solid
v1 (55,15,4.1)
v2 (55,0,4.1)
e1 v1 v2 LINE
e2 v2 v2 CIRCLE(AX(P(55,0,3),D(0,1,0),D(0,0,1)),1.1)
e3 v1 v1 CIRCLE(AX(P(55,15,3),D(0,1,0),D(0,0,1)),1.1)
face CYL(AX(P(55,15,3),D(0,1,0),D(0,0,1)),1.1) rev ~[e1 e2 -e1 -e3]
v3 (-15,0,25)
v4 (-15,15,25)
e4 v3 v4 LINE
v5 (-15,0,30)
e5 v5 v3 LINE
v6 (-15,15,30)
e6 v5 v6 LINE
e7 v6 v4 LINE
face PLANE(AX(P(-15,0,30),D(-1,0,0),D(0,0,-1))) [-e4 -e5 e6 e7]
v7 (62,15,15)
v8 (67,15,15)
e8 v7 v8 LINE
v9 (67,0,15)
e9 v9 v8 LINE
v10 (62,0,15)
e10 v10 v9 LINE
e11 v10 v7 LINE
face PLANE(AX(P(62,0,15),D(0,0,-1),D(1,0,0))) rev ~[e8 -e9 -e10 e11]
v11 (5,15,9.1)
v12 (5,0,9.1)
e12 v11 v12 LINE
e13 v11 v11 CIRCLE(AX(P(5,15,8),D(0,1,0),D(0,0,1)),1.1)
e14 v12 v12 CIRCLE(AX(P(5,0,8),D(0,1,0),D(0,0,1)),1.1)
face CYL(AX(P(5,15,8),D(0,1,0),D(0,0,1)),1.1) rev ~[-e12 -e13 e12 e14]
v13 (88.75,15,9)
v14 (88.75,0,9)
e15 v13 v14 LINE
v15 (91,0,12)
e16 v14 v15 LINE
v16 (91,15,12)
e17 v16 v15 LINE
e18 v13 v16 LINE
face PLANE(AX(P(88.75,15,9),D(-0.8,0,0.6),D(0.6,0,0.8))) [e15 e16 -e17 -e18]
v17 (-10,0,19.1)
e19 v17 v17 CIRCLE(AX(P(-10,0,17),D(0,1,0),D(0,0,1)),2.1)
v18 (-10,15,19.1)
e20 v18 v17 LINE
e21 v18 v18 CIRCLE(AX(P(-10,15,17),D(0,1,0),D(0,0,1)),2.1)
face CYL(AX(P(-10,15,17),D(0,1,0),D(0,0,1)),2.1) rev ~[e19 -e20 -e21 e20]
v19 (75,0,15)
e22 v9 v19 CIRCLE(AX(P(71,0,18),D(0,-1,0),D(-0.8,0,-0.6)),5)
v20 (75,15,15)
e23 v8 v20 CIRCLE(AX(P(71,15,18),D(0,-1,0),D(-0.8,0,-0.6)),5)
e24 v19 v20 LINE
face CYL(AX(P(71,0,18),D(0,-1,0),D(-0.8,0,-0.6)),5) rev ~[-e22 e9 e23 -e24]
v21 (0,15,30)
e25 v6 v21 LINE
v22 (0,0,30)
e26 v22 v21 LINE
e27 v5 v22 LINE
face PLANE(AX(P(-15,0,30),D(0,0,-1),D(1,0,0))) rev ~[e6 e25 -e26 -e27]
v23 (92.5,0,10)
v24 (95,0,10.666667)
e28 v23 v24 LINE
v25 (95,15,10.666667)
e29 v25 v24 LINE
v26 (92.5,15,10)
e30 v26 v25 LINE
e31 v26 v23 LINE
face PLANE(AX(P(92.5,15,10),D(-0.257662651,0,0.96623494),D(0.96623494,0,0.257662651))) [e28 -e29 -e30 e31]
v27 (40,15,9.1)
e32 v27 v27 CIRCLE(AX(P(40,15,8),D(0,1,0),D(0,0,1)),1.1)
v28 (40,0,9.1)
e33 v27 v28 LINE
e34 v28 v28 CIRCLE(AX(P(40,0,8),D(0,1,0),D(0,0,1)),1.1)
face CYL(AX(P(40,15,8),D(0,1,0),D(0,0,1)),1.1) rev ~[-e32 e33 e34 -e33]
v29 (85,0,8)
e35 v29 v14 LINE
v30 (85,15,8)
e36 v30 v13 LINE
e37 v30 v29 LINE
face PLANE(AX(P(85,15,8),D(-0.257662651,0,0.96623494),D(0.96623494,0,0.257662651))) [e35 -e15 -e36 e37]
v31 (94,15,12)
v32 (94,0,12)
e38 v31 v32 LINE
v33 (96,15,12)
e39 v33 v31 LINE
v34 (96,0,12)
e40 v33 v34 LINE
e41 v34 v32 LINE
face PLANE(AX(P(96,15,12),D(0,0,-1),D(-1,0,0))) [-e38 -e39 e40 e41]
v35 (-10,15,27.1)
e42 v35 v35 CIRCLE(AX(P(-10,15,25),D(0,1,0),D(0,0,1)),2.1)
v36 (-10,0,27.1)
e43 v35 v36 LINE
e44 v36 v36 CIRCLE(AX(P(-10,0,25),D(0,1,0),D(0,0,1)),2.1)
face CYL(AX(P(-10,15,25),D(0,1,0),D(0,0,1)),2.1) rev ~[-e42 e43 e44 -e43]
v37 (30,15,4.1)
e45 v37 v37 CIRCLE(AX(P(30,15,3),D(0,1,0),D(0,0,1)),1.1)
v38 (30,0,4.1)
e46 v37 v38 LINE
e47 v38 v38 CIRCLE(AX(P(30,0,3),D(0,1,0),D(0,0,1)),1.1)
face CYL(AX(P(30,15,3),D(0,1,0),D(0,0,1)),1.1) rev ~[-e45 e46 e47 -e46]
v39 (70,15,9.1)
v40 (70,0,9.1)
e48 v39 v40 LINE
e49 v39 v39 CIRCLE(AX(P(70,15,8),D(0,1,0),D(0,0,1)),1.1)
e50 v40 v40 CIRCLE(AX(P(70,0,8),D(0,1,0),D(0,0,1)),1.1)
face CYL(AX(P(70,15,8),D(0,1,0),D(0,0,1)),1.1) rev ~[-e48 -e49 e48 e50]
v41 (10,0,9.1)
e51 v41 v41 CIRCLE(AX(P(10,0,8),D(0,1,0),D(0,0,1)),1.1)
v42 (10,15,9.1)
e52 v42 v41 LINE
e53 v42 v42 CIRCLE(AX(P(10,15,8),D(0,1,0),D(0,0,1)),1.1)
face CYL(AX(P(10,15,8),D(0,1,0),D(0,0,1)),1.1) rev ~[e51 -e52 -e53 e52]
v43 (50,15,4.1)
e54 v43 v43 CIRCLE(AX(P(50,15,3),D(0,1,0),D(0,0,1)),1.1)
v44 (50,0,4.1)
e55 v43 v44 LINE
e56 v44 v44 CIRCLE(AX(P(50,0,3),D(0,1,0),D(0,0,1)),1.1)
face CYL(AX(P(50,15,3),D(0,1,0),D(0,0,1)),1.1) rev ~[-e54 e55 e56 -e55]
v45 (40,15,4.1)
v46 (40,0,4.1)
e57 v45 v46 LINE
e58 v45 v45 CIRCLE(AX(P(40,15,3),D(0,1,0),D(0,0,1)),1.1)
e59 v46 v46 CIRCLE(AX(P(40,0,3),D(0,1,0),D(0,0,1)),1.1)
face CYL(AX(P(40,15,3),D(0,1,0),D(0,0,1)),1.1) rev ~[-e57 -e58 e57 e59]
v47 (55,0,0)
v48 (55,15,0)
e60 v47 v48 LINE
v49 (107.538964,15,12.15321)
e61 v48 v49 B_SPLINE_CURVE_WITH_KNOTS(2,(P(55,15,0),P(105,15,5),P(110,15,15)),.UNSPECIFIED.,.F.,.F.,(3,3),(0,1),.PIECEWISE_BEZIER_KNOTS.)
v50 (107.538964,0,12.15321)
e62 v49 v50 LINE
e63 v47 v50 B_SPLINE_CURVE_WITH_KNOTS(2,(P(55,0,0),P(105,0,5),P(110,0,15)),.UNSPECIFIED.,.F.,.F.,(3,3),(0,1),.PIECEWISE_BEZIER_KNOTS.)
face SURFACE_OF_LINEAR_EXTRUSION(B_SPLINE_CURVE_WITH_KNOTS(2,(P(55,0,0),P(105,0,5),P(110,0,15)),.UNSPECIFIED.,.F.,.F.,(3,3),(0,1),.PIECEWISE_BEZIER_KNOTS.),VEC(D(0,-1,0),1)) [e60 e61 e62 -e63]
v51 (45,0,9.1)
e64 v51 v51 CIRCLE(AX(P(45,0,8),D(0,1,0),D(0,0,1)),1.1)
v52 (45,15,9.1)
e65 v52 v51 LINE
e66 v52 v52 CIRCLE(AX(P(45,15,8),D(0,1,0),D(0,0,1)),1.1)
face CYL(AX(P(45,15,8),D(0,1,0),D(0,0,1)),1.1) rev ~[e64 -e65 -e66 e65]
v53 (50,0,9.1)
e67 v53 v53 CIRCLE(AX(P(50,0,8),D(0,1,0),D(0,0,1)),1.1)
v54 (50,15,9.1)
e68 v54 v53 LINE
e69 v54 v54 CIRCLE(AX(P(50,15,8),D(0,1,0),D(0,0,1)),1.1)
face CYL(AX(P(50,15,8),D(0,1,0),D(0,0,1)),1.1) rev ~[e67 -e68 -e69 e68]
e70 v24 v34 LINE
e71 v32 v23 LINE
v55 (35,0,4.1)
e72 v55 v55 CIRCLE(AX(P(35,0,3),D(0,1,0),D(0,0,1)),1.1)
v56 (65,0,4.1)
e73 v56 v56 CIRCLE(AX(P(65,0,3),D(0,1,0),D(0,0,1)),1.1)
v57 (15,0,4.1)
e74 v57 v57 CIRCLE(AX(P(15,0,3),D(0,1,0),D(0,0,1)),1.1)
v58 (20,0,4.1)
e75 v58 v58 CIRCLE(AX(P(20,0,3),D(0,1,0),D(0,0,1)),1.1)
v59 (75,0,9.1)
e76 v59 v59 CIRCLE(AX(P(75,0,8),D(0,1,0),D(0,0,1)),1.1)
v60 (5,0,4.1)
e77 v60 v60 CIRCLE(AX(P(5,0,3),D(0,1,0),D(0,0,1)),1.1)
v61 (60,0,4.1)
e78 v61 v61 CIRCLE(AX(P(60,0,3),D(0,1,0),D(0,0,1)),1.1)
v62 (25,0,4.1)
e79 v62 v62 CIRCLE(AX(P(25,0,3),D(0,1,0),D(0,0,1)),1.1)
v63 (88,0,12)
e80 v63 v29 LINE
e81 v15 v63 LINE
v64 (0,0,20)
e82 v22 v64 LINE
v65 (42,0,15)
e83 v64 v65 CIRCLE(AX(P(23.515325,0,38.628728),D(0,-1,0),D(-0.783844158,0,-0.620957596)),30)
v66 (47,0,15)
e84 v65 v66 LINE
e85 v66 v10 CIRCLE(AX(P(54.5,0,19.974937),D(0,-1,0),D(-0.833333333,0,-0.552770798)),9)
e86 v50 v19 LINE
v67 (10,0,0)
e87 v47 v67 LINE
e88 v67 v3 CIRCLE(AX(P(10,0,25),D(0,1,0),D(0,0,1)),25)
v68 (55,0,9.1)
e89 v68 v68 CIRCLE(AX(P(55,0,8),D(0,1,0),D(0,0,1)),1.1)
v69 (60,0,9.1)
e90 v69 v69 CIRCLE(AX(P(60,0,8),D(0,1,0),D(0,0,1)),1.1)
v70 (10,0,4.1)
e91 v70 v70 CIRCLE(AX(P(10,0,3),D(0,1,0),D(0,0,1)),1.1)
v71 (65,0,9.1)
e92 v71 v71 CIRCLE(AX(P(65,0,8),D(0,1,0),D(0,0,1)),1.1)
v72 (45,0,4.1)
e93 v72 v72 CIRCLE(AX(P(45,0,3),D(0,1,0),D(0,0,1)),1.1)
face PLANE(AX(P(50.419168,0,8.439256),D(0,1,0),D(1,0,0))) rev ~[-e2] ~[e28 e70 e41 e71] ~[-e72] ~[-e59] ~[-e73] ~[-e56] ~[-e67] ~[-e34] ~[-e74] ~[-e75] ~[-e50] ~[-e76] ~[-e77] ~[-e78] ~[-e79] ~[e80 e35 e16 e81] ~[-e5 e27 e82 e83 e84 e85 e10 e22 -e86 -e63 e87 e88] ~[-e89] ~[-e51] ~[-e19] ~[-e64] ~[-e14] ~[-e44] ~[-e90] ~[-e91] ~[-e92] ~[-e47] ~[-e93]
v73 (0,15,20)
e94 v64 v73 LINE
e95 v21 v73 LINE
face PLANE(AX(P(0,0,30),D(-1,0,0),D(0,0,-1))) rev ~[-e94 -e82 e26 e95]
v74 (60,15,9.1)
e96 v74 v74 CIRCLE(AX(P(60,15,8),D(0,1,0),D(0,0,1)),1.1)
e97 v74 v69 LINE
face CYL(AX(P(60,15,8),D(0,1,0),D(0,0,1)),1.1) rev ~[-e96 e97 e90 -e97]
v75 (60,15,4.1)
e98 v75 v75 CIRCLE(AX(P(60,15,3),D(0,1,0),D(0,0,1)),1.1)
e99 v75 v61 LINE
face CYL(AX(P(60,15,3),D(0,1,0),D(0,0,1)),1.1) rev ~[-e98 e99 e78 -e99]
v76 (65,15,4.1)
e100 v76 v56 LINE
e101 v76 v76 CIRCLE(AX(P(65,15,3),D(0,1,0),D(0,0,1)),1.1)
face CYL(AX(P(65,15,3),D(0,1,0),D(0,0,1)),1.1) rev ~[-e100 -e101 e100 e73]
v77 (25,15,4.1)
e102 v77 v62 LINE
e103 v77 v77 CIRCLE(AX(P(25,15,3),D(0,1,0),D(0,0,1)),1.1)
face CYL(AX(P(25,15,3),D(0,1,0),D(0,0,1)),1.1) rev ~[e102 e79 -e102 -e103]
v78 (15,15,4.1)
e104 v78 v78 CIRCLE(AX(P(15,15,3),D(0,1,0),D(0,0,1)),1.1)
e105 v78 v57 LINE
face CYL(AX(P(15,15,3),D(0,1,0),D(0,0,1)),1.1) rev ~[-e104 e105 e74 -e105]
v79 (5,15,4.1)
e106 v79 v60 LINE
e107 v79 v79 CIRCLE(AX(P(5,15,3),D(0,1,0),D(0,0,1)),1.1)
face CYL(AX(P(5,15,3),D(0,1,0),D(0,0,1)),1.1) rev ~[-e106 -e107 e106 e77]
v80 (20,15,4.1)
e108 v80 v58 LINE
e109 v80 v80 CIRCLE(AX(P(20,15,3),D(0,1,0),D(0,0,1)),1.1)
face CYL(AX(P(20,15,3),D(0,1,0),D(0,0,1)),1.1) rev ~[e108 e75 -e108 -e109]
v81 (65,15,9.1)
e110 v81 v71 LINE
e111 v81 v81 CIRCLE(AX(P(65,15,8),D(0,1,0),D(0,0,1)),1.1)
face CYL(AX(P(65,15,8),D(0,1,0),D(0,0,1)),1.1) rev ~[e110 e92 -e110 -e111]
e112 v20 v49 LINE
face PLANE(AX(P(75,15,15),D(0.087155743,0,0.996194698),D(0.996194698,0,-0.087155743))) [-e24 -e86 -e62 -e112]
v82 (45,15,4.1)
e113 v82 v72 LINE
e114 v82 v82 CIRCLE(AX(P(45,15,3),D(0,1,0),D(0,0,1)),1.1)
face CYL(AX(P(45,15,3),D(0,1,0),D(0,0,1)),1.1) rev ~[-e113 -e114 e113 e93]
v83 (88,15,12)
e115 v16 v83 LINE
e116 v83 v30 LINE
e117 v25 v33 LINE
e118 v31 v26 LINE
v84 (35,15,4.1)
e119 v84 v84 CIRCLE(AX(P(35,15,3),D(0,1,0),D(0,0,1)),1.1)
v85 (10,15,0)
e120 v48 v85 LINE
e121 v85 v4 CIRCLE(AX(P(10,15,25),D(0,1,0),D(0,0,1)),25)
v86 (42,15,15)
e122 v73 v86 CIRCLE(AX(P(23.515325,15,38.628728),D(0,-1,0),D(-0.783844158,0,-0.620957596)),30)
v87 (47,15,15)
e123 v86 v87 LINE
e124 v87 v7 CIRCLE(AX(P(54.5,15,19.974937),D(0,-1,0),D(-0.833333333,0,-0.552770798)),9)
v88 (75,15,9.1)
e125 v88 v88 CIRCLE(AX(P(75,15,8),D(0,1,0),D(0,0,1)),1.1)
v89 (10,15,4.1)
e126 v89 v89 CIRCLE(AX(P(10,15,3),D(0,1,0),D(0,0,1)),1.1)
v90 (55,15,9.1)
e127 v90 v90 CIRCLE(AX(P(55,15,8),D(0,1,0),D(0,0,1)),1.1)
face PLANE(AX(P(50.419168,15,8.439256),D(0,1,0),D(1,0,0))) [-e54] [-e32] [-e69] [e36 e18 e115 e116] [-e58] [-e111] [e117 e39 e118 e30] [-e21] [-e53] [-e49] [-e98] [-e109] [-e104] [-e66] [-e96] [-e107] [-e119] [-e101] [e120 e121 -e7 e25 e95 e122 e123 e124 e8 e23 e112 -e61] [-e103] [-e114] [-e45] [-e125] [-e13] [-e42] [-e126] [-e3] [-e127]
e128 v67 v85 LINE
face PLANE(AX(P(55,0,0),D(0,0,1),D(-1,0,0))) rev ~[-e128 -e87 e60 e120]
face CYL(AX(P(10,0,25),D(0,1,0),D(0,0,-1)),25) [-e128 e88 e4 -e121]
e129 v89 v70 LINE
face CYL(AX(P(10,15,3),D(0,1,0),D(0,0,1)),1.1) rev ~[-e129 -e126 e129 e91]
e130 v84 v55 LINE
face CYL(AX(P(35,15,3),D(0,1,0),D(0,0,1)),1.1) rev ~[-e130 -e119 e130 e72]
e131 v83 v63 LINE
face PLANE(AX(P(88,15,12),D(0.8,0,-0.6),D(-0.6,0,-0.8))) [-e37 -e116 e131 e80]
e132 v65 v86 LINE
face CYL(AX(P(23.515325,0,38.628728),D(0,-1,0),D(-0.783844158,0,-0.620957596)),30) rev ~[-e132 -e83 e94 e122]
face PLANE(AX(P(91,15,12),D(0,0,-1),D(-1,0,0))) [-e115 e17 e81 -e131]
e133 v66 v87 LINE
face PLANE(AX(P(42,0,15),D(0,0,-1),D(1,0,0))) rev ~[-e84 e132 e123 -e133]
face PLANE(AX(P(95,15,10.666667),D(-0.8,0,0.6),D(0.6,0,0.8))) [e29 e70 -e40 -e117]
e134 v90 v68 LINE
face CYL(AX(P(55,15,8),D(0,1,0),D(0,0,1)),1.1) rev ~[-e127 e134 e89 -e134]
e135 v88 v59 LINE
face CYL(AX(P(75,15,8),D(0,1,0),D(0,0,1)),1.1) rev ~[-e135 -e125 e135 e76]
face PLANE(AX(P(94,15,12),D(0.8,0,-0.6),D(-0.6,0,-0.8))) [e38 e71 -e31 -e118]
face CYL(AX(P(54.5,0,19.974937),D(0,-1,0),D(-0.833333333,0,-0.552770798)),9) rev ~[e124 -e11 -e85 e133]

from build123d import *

# Parameters (mm, degrees)
SKETCH_1_W          = 15
SKETCH_1_H          = 30
EXTRUDE_1_DEPTH     = 15
SKETCH_2_R          = 1.1
SKETCH_2_R_2        = 2.1
CUT_EXTRUDE_1_DEPTH = 15
FILLET_2_R          = 25
CUT_EXTRUDE_2_REACH = 117


with BuildPart() as part:
    # 草图1 → 凸台-拉伸1 (new body)
    with BuildSketch(Plane(origin=(0, 0, 0), x_dir=(1, 0, 0), z_dir=(0, 1, 0))):
        with BuildLine():
            Line((55, 0), (0, 0))
            Line((0, 0), (0, -20))
            ThreePointArc((0, -20), (19.968938053, -8.839079645), (42, -15))
            Line((42, -15), (47, -15))
            ThreePointArc((47, -15), (54.5, -10.974937186), (62, -15))
            Line((62, -15), (67, -15))
            ThreePointArc((67, -15), (71, -13), (75, -15))
            Line((75, -15), (110, -15))
            add(Edge.make_bspline(
                [(55, 0), (105, -5), (110, -15)],
                knots=[0, 0, 0, 1, 1, 1], degree=2))
        make_face()
        with Locations((-7.5, -15)):
            Rectangle(SKETCH_1_W, SKETCH_1_H)
    extrude(amount=EXTRUDE_1_DEPTH)

    # 草图2 → 切除-拉伸1 (cut)
    with BuildSketch(Plane(origin=(0, 15, 0), x_dir=(1, 0, 0), z_dir=(0, 1, 0))):
        with Locations(Location((5, -3, 0), (0, 0, 270))):
            Circle(SKETCH_2_R)
        with Locations(Location((10, -3, 0), (0, 0, 270))):
            Circle(SKETCH_2_R)
        with Locations(Location((15, -3, 0), (0, 0, 270))):
            Circle(SKETCH_2_R)
        with Locations(Location((20, -3, 0), (0, 0, 270))):
            Circle(SKETCH_2_R)
        with Locations(Location((25, -3, 0), (0, 0, 270))):
            Circle(SKETCH_2_R)
        with Locations(Location((30, -3, 0), (0, 0, 270))):
            Circle(SKETCH_2_R)
        with Locations(Location((35, -3, 0), (0, 0, 270))):
            Circle(SKETCH_2_R)
        with Locations(Location((40, -3, 0), (0, 0, 270))):
            Circle(SKETCH_2_R)
        with Locations(Location((45, -3, 0), (0, 0, 270))):
            Circle(SKETCH_2_R)
        with Locations(Location((50, -3, 0), (0, 0, 270))):
            Circle(SKETCH_2_R)
        with Locations(Location((55, -3, 0), (0, 0, 270))):
            Circle(SKETCH_2_R)
        with Locations(Location((60, -3, 0), (0, 0, 270))):
            Circle(SKETCH_2_R)
        with Locations(Location((5, -8, 0), (0, 0, 270))):
            Circle(SKETCH_2_R)
        with Locations(Location((10, -8, 0), (0, 0, 270))):
            Circle(SKETCH_2_R)
        with Locations(Location((45, -8, 0), (0, 0, 270))):
            Circle(SKETCH_2_R)
        with Locations(Location((50, -8, 0), (0, 0, 270))):
            Circle(SKETCH_2_R)
        with Locations(Location((55, -8, 0), (0, 0, 270))):
            Circle(SKETCH_2_R)
        with Locations(Location((60, -8, 0), (0, 0, 270))):
            Circle(SKETCH_2_R)
        with Locations(Location((65, -3, 0), (0, 0, 270))):
            Circle(SKETCH_2_R)
        with Locations(Location((65, -8, 0), (0, 0, 270))):
            Circle(SKETCH_2_R)
        with Locations(Location((70, -8, 0), (0, 0, 270))):
            Circle(SKETCH_2_R)
        with Locations(Location((75, -8, 0), (0, 0, 270))):
            Circle(SKETCH_2_R)
        with Locations(Location((-10, -25, 0), (0, 0, 270))):
            Circle(SKETCH_2_R_2)
        with Locations(Location((-10, -17, 0), (0, 0, 270))):
            Circle(SKETCH_2_R_2)
        with Locations(Location((40, -8, 0), (0, 0, 270))):
            Circle(SKETCH_2_R)
        Polygon((88, -12), (85, -8), (88.75, -9), (91, -12), align=None)
        Polygon((94, -12), (92.5, -10), (95, -10.666666667), (96, -12), align=None)
    extrude(amount=-CUT_EXTRUDE_1_DEPTH, mode=Mode.SUBTRACT)

    # 圆角2
    fillet_2_edges = [part.edges().sort_by_distance(p)[0] for p in [
        (-15, 7.5, 0),
    ]]
    fillet(fillet_2_edges, radius=FILLET_2_R)

    # 草图4 → 切除-拉伸2 (cut, up to next)
    with BuildSketch(Plane(origin=(0, 15, 0), x_dir=(1, 0, 0), z_dir=(0, 1, 0)), mode=Mode.PRIVATE) as cut_extrude_2_sk1:
        Polygon((75, -15), (107.538963766, -12.153209548), (110, -12.153209548), (110, -15), align=None)
    cut_extrude_2_tool1 = extrude(cut_extrude_2_sk1.sketch, amount=-CUT_EXTRUDE_2_REACH, mode=Mode.PRIVATE) & part.part
    add(cut_extrude_2_tool1.solids().sort_by_distance((98.27944, 15, 13.988729))[0], mode=Mode.SUBTRACT)


solid = part.part
